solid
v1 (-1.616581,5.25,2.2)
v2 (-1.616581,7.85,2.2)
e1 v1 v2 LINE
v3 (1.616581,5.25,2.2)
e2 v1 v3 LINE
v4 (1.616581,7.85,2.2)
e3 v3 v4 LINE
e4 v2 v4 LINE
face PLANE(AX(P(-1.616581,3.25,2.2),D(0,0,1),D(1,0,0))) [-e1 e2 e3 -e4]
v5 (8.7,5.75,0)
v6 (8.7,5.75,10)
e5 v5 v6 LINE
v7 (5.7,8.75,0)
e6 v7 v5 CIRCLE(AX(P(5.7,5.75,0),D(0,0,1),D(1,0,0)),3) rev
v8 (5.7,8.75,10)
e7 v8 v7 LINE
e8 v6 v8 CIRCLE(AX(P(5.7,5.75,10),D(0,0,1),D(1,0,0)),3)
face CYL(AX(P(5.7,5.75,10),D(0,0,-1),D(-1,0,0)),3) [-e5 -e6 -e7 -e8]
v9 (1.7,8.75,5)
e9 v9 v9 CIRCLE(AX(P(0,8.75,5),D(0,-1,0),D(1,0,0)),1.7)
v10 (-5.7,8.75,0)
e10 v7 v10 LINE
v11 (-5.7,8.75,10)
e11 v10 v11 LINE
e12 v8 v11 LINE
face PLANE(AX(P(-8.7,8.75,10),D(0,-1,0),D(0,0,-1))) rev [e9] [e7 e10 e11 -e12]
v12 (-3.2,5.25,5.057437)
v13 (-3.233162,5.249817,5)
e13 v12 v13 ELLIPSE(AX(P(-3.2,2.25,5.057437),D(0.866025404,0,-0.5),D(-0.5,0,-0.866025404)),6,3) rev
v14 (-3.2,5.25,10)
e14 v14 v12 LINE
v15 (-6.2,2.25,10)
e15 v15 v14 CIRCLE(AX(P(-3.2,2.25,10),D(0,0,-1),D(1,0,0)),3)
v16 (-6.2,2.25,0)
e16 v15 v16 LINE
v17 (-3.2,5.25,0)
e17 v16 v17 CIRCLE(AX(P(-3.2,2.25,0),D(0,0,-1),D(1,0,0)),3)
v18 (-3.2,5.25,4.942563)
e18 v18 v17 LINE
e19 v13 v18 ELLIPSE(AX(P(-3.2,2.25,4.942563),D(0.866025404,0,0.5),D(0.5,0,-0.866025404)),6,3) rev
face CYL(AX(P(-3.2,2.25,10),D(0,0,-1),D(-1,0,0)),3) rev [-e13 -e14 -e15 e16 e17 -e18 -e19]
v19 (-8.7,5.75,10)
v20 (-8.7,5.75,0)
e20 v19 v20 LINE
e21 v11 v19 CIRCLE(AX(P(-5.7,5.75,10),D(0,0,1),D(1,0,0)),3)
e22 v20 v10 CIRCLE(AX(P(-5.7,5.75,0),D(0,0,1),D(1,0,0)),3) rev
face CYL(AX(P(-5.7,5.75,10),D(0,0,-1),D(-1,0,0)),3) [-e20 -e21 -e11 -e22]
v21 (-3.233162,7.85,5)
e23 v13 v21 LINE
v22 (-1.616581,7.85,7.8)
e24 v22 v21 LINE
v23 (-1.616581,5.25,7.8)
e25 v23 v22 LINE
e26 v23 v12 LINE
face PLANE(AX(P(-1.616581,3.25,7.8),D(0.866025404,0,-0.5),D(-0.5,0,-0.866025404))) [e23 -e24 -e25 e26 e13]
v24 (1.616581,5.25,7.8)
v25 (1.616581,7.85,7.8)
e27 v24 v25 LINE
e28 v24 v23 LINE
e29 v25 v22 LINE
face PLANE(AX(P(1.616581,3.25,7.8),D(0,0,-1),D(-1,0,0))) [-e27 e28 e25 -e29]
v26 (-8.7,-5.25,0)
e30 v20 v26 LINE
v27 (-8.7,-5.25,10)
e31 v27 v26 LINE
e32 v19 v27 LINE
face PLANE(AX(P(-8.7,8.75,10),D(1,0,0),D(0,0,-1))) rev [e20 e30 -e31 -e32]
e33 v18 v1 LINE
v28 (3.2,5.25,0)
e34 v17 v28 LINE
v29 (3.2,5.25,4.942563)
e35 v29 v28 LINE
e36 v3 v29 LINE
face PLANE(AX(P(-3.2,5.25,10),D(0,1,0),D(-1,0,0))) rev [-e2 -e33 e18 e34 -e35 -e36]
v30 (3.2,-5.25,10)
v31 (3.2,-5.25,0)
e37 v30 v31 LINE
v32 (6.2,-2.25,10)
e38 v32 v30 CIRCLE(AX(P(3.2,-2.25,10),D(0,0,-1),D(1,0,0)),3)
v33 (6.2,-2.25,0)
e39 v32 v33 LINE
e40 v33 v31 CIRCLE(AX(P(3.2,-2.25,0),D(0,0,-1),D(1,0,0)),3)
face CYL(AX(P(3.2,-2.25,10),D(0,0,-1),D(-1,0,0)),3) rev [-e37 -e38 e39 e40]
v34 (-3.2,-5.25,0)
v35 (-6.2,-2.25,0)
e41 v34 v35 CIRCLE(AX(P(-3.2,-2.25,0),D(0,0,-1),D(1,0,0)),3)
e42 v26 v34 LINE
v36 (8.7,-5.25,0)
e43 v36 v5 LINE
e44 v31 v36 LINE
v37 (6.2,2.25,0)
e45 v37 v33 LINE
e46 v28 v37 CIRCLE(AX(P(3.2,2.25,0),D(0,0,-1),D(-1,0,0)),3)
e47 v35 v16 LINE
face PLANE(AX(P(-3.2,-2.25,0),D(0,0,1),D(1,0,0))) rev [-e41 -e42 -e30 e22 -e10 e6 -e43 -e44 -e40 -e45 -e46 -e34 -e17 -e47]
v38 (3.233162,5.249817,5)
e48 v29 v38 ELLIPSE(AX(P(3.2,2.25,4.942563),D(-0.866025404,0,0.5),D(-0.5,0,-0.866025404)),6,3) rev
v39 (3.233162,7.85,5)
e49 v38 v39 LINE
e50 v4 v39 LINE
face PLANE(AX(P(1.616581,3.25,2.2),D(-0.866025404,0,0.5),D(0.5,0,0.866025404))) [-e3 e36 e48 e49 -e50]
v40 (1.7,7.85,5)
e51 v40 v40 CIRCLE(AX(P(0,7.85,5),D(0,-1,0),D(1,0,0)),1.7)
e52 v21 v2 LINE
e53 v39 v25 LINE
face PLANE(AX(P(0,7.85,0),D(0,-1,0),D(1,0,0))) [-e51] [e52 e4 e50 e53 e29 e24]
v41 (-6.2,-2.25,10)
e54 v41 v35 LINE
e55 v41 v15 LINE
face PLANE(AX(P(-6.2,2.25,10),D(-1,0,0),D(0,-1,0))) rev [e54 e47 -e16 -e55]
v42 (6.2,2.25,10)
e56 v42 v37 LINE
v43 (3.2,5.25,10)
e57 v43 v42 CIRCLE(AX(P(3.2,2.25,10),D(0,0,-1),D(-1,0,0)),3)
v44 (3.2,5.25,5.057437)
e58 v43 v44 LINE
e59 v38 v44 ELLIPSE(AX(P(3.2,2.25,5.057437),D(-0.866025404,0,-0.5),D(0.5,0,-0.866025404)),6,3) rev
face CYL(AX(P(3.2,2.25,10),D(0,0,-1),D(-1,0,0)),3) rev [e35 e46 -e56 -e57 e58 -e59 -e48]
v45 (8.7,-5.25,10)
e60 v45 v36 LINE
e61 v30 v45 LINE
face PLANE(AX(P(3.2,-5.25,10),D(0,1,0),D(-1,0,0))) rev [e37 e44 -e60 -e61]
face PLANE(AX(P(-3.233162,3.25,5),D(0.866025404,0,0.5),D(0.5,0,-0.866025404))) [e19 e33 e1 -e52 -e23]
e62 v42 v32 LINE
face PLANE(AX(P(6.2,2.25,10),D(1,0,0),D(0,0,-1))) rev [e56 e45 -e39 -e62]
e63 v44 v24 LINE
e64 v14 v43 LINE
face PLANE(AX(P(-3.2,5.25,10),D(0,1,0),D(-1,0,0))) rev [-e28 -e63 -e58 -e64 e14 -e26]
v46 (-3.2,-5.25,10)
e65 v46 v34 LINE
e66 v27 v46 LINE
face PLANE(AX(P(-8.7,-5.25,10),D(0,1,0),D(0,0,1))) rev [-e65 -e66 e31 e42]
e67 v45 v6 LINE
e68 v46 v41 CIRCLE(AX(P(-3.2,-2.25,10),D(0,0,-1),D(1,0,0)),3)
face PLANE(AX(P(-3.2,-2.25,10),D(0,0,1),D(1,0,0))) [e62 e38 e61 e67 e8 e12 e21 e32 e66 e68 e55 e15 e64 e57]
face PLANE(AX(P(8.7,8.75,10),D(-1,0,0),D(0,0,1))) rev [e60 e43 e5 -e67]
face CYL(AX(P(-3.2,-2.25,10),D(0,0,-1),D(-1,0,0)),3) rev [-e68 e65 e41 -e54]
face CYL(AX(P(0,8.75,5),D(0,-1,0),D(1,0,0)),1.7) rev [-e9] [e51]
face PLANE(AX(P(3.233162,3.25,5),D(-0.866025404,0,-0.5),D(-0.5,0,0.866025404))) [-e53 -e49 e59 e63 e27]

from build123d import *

# Parameters (mm, degrees)
RESSALTO_EXTRUS_O1_DEPTH   = 10
CORTE_EXTRUS_O1_DEPTH      = 2
CORTE_EXTRUS_O1_DEPTH_BACK = 2.6
ESBO_O3_R                  = 1.7
CORTE_EXTRUS_O2_DEPTH      = 1.9
FILETE2_R                  = 3


with BuildPart() as part:
    # Esboço1 → Ressalto-extrusão1 (new body)
    with BuildSketch(Plane.XY):
        with BuildLine():
            Line((3.2, -5.25), (8.7, -5.25))
            Line((8.7, -5.25), (8.7, 8.75))
            Line((8.7, 8.75), (-8.7, 8.75))
            Line((-8.7, 8.75), (-8.7, -5.25))
            Line((-8.7, -5.25), (-3.2, -5.25))
            ThreePointArc((-3.2, -5.25), (-5.321320344, -4.371320344), (-6.2, -2.25))
            Line((-6.2, -2.25), (-6.2, 2.25))
            ThreePointArc((-6.2, 2.25), (-5.321320344, 4.371320344), (-3.2, 5.25))
            Line((-3.2, 5.25), (3.2, 5.25))
            ThreePointArc((3.2, 5.25), (5.321320344, 4.371320344), (6.2, 2.25))
            Line((6.2, 2.25), (6.2, -2.25))
            ThreePointArc((6.2, -2.25), (5.321320344, -4.371320344), (3.2, -5.25))
        make_face()
    extrude(amount=RESSALTO_EXTRUS_O1_DEPTH)

    # Esboço2 → Corte-extrusão1 (cut, two sides)
    with BuildSketch(Plane.XZ.offset(-5.25)) as corte_extrus_o1_sk:
        Polygon((1.616580754, 2.2), (3.233161507, 5), (1.616580754, 7.8), (-1.616580754, 7.8), (-3.233161507, 5), (-1.616580754, 2.2), align=None)
    extrude(amount=CORTE_EXTRUS_O1_DEPTH, mode=Mode.SUBTRACT)
    extrude(corte_extrus_o1_sk.sketch, amount=-CORTE_EXTRUS_O1_DEPTH_BACK, mode=Mode.SUBTRACT)

    # Esboço3 → Corte-extrusão2 (cut, through all)
    with BuildSketch(Plane.XZ.offset(-7.85)):
        with Locations((0, 5)):
            Circle(ESBO_O3_R)
    extrude(amount=-CORTE_EXTRUS_O2_DEPTH, mode=Mode.SUBTRACT)

    # Filete2
    filete2_edges = [part.edges().sort_by_distance(p)[0] for p in [
        (-8.7, 8.75, 5),
        (8.7, 8.75, 5),
    ]]
    fillet(filete2_edges, radius=FILETE2_R)


solid = part.part
